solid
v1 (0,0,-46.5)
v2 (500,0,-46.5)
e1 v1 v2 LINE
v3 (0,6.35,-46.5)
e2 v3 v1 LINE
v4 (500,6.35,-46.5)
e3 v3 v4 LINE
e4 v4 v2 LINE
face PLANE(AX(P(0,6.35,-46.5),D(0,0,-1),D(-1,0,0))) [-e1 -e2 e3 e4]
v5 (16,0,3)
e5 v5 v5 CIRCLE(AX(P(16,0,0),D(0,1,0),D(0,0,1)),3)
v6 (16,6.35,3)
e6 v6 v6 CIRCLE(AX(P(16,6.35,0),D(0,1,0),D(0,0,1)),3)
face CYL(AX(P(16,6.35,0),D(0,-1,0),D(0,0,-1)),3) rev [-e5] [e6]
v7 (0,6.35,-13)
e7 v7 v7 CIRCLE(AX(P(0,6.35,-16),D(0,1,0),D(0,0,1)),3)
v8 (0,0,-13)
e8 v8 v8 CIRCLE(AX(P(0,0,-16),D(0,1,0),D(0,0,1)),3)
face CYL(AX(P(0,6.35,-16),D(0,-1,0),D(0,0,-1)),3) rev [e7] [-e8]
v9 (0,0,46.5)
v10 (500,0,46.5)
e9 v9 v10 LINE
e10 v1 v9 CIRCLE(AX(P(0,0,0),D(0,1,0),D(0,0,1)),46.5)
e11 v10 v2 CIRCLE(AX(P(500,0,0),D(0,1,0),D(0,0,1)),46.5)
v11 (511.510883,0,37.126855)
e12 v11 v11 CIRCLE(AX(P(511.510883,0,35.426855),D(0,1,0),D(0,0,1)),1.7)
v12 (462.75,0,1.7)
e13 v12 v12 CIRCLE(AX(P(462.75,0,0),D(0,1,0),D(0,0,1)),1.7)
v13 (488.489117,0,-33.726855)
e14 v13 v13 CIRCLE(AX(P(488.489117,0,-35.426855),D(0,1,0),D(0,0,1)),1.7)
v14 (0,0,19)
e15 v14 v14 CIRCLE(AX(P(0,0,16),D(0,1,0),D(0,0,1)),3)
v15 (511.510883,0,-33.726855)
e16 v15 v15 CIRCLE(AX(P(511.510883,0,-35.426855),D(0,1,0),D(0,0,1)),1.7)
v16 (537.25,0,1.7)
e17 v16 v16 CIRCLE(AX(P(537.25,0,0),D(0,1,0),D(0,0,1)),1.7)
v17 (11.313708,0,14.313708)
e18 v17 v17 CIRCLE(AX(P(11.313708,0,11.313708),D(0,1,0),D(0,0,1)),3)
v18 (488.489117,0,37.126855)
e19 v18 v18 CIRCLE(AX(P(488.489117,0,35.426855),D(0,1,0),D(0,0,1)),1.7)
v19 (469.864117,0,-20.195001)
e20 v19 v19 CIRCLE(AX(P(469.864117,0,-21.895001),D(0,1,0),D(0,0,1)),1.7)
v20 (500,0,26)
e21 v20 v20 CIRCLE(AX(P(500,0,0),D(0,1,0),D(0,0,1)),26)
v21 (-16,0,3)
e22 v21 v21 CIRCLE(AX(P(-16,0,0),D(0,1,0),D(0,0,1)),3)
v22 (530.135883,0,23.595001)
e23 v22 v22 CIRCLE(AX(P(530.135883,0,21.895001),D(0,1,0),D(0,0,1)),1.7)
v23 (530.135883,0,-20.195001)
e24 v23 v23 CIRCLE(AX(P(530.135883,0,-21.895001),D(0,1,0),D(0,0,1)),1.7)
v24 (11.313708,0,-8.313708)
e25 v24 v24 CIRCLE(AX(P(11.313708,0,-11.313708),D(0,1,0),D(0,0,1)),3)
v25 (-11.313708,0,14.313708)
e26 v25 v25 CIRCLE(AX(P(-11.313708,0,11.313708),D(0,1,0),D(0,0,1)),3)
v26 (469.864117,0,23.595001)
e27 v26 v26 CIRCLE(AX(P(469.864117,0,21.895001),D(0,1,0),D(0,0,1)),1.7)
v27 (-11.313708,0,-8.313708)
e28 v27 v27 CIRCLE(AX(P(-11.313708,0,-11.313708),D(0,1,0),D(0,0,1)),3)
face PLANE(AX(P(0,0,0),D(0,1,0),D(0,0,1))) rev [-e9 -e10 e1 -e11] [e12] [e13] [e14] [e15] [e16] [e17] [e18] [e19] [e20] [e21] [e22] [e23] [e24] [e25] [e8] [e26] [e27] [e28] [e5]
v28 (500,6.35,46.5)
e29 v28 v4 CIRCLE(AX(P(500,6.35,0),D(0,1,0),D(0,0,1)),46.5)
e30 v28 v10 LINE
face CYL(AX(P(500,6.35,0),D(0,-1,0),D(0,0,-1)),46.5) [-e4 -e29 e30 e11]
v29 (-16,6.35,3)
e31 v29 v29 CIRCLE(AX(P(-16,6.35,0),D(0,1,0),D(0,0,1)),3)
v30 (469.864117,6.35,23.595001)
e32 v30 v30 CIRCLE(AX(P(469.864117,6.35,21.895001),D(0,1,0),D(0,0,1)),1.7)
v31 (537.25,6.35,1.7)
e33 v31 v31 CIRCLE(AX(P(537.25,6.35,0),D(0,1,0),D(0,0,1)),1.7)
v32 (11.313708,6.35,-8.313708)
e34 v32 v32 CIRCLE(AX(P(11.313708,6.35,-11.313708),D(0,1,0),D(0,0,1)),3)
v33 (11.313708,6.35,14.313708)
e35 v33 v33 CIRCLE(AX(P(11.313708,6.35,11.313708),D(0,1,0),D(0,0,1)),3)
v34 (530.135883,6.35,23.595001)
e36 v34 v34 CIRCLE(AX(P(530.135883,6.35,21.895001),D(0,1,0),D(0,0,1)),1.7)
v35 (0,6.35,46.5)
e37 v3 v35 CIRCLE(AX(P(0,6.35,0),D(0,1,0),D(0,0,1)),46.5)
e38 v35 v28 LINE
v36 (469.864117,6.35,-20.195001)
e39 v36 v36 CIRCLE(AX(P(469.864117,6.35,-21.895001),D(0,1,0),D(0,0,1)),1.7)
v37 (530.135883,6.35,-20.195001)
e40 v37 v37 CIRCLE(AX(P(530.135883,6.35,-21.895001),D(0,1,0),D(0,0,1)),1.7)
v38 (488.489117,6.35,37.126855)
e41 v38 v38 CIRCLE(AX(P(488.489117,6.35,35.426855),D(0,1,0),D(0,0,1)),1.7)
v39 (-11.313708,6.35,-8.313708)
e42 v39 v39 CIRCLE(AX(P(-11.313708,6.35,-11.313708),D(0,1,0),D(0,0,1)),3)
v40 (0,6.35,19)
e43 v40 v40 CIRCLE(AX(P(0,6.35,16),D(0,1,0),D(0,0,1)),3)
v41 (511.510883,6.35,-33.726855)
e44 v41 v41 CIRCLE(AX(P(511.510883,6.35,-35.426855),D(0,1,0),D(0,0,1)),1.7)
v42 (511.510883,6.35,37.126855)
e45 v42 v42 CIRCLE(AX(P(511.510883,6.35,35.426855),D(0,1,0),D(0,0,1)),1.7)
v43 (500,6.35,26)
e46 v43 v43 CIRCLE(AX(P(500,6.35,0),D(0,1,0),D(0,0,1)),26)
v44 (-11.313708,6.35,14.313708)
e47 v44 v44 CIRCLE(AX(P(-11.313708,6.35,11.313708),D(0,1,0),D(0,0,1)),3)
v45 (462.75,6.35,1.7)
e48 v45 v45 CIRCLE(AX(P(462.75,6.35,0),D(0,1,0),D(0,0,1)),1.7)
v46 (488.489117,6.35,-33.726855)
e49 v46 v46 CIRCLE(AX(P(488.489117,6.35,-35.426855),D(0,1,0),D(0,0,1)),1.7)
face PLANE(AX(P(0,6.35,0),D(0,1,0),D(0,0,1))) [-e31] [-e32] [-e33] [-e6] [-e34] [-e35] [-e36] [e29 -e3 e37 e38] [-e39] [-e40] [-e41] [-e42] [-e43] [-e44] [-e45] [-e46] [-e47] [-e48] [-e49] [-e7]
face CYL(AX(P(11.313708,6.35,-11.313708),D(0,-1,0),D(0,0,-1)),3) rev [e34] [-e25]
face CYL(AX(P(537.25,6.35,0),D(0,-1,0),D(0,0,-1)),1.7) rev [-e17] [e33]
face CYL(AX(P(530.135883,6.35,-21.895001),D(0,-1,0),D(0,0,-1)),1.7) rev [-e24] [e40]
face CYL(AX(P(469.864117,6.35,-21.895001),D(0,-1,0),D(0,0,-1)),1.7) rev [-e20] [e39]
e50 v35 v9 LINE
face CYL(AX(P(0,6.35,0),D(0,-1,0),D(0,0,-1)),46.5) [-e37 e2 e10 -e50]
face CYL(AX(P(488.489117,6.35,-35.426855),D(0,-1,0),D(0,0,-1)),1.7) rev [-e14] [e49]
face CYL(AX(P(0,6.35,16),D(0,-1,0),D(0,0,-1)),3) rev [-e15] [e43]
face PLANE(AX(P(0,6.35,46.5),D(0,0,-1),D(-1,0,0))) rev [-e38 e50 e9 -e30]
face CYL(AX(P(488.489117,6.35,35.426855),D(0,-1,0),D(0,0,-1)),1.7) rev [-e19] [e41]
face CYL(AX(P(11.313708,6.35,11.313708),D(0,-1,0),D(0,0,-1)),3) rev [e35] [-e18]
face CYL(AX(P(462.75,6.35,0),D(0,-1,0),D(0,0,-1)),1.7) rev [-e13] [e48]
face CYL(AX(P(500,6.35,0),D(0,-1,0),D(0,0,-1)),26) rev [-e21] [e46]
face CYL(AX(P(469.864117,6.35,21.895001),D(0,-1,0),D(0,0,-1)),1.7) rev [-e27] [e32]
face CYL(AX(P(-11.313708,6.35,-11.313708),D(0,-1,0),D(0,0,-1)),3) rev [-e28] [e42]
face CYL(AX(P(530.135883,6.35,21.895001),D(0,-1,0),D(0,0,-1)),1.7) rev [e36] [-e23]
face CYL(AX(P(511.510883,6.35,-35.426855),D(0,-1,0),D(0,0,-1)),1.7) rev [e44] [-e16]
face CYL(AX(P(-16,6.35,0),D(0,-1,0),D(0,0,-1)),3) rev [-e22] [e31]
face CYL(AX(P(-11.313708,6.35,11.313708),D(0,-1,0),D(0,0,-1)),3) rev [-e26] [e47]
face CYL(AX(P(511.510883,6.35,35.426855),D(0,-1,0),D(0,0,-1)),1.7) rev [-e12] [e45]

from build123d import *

# Parameters (mm, degrees)
SKETCH1_R           = 3
SKETCH1_R_2         = 1.7
SKETCH1_R_3         = 26
BOSS_EXTRUDE1_DEPTH = 6.35


with BuildPart() as part:
    # Sketch1 → Boss-Extrude1 (new body)
    with BuildSketch(Plane(origin=(0, 0, 0), x_dir=(1, 0, 0), z_dir=(0, 1, 0))):
        with BuildLine():
            Line((0, 46.5), (500, 46.5))
            ThreePointArc((500, 46.5), (546.5, 0), (500, -46.5))
            Line((500, -46.5), (0, -46.5))
            ThreePointArc((0, -46.5), (-46.5, 0), (0, 46.5))
        make_face()
        with Locations(Location((-16, 0, 0), (0, 0, 270))):
            Circle(SKETCH1_R, mode=Mode.SUBTRACT)
        with Locations(Location((-11.313708499, 11.313708499, 0), (0, 0, 270))):
            Circle(SKETCH1_R, mode=Mode.SUBTRACT)
        with Locations(Location((0, 16, 0), (0, 0, 270))):
            Circle(SKETCH1_R, mode=Mode.SUBTRACT)
        with Locations(Location((11.313708499, 11.313708499, 0), (0, 0, 270))):
            Circle(SKETCH1_R, mode=Mode.SUBTRACT)
        with Locations(Location((16, 0, 0), (0, 0, 270))):
            Circle(SKETCH1_R, mode=Mode.SUBTRACT)
        with Locations(Location((11.313708499, -11.313708499, 0), (0, 0, 270))):
            Circle(SKETCH1_R, mode=Mode.SUBTRACT)
        with Locations(Location((537.25, 0, 0), (0, 0, 270))):
            Circle(SKETCH1_R_2, mode=Mode.SUBTRACT)
        with Locations(Location((530.13588304, -21.895000648, 0), (0, 0, 270))):
            Circle(SKETCH1_R_2, mode=Mode.SUBTRACT)
        with Locations(Location((511.51088304, -35.426855232, 0), (0, 0, 270))):
            Circle(SKETCH1_R_2, mode=Mode.SUBTRACT)
        with Locations(Location((488.48911696, -35.426855232, 0), (0, 0, 270))):
            Circle(SKETCH1_R_2, mode=Mode.SUBTRACT)
        with Locations(Location((469.86411696, -21.895000648, 0), (0, 0, 270))):
            Circle(SKETCH1_R_2, mode=Mode.SUBTRACT)
        with Locations(Location((462.75, 0, 0), (0, 0, 270))):
            Circle(SKETCH1_R_2, mode=Mode.SUBTRACT)
        with Locations(Location((469.86411696, 21.895000648, 0), (0, 0, 270))):
            Circle(SKETCH1_R_2, mode=Mode.SUBTRACT)
        with Locations(Location((488.48911696, 35.426855232, 0), (0, 0, 270))):
            Circle(SKETCH1_R_2, mode=Mode.SUBTRACT)
        with Locations(Location((511.51088304, 35.426855232, 0), (0, 0, 270))):
            Circle(SKETCH1_R_2, mode=Mode.SUBTRACT)
        with Locations(Location((530.13588304, 21.895000648, 0), (0, 0, 270))):
            Circle(SKETCH1_R_2, mode=Mode.SUBTRACT)
        with Locations(Location((500, 0, 0), (0, 0, 270))):
            Circle(SKETCH1_R_3, mode=Mode.SUBTRACT)
        with Locations(Location((0, -16, 0), (0, 0, 270))):
            Circle(SKETCH1_R, mode=Mode.SUBTRACT)
        with Locations(Location((-11.313708499, -11.313708499, 0), (0, 0, 270))):
            Circle(SKETCH1_R, mode=Mode.SUBTRACT)
    extrude(amount=BOSS_EXTRUDE1_DEPTH)


solid = part.part
